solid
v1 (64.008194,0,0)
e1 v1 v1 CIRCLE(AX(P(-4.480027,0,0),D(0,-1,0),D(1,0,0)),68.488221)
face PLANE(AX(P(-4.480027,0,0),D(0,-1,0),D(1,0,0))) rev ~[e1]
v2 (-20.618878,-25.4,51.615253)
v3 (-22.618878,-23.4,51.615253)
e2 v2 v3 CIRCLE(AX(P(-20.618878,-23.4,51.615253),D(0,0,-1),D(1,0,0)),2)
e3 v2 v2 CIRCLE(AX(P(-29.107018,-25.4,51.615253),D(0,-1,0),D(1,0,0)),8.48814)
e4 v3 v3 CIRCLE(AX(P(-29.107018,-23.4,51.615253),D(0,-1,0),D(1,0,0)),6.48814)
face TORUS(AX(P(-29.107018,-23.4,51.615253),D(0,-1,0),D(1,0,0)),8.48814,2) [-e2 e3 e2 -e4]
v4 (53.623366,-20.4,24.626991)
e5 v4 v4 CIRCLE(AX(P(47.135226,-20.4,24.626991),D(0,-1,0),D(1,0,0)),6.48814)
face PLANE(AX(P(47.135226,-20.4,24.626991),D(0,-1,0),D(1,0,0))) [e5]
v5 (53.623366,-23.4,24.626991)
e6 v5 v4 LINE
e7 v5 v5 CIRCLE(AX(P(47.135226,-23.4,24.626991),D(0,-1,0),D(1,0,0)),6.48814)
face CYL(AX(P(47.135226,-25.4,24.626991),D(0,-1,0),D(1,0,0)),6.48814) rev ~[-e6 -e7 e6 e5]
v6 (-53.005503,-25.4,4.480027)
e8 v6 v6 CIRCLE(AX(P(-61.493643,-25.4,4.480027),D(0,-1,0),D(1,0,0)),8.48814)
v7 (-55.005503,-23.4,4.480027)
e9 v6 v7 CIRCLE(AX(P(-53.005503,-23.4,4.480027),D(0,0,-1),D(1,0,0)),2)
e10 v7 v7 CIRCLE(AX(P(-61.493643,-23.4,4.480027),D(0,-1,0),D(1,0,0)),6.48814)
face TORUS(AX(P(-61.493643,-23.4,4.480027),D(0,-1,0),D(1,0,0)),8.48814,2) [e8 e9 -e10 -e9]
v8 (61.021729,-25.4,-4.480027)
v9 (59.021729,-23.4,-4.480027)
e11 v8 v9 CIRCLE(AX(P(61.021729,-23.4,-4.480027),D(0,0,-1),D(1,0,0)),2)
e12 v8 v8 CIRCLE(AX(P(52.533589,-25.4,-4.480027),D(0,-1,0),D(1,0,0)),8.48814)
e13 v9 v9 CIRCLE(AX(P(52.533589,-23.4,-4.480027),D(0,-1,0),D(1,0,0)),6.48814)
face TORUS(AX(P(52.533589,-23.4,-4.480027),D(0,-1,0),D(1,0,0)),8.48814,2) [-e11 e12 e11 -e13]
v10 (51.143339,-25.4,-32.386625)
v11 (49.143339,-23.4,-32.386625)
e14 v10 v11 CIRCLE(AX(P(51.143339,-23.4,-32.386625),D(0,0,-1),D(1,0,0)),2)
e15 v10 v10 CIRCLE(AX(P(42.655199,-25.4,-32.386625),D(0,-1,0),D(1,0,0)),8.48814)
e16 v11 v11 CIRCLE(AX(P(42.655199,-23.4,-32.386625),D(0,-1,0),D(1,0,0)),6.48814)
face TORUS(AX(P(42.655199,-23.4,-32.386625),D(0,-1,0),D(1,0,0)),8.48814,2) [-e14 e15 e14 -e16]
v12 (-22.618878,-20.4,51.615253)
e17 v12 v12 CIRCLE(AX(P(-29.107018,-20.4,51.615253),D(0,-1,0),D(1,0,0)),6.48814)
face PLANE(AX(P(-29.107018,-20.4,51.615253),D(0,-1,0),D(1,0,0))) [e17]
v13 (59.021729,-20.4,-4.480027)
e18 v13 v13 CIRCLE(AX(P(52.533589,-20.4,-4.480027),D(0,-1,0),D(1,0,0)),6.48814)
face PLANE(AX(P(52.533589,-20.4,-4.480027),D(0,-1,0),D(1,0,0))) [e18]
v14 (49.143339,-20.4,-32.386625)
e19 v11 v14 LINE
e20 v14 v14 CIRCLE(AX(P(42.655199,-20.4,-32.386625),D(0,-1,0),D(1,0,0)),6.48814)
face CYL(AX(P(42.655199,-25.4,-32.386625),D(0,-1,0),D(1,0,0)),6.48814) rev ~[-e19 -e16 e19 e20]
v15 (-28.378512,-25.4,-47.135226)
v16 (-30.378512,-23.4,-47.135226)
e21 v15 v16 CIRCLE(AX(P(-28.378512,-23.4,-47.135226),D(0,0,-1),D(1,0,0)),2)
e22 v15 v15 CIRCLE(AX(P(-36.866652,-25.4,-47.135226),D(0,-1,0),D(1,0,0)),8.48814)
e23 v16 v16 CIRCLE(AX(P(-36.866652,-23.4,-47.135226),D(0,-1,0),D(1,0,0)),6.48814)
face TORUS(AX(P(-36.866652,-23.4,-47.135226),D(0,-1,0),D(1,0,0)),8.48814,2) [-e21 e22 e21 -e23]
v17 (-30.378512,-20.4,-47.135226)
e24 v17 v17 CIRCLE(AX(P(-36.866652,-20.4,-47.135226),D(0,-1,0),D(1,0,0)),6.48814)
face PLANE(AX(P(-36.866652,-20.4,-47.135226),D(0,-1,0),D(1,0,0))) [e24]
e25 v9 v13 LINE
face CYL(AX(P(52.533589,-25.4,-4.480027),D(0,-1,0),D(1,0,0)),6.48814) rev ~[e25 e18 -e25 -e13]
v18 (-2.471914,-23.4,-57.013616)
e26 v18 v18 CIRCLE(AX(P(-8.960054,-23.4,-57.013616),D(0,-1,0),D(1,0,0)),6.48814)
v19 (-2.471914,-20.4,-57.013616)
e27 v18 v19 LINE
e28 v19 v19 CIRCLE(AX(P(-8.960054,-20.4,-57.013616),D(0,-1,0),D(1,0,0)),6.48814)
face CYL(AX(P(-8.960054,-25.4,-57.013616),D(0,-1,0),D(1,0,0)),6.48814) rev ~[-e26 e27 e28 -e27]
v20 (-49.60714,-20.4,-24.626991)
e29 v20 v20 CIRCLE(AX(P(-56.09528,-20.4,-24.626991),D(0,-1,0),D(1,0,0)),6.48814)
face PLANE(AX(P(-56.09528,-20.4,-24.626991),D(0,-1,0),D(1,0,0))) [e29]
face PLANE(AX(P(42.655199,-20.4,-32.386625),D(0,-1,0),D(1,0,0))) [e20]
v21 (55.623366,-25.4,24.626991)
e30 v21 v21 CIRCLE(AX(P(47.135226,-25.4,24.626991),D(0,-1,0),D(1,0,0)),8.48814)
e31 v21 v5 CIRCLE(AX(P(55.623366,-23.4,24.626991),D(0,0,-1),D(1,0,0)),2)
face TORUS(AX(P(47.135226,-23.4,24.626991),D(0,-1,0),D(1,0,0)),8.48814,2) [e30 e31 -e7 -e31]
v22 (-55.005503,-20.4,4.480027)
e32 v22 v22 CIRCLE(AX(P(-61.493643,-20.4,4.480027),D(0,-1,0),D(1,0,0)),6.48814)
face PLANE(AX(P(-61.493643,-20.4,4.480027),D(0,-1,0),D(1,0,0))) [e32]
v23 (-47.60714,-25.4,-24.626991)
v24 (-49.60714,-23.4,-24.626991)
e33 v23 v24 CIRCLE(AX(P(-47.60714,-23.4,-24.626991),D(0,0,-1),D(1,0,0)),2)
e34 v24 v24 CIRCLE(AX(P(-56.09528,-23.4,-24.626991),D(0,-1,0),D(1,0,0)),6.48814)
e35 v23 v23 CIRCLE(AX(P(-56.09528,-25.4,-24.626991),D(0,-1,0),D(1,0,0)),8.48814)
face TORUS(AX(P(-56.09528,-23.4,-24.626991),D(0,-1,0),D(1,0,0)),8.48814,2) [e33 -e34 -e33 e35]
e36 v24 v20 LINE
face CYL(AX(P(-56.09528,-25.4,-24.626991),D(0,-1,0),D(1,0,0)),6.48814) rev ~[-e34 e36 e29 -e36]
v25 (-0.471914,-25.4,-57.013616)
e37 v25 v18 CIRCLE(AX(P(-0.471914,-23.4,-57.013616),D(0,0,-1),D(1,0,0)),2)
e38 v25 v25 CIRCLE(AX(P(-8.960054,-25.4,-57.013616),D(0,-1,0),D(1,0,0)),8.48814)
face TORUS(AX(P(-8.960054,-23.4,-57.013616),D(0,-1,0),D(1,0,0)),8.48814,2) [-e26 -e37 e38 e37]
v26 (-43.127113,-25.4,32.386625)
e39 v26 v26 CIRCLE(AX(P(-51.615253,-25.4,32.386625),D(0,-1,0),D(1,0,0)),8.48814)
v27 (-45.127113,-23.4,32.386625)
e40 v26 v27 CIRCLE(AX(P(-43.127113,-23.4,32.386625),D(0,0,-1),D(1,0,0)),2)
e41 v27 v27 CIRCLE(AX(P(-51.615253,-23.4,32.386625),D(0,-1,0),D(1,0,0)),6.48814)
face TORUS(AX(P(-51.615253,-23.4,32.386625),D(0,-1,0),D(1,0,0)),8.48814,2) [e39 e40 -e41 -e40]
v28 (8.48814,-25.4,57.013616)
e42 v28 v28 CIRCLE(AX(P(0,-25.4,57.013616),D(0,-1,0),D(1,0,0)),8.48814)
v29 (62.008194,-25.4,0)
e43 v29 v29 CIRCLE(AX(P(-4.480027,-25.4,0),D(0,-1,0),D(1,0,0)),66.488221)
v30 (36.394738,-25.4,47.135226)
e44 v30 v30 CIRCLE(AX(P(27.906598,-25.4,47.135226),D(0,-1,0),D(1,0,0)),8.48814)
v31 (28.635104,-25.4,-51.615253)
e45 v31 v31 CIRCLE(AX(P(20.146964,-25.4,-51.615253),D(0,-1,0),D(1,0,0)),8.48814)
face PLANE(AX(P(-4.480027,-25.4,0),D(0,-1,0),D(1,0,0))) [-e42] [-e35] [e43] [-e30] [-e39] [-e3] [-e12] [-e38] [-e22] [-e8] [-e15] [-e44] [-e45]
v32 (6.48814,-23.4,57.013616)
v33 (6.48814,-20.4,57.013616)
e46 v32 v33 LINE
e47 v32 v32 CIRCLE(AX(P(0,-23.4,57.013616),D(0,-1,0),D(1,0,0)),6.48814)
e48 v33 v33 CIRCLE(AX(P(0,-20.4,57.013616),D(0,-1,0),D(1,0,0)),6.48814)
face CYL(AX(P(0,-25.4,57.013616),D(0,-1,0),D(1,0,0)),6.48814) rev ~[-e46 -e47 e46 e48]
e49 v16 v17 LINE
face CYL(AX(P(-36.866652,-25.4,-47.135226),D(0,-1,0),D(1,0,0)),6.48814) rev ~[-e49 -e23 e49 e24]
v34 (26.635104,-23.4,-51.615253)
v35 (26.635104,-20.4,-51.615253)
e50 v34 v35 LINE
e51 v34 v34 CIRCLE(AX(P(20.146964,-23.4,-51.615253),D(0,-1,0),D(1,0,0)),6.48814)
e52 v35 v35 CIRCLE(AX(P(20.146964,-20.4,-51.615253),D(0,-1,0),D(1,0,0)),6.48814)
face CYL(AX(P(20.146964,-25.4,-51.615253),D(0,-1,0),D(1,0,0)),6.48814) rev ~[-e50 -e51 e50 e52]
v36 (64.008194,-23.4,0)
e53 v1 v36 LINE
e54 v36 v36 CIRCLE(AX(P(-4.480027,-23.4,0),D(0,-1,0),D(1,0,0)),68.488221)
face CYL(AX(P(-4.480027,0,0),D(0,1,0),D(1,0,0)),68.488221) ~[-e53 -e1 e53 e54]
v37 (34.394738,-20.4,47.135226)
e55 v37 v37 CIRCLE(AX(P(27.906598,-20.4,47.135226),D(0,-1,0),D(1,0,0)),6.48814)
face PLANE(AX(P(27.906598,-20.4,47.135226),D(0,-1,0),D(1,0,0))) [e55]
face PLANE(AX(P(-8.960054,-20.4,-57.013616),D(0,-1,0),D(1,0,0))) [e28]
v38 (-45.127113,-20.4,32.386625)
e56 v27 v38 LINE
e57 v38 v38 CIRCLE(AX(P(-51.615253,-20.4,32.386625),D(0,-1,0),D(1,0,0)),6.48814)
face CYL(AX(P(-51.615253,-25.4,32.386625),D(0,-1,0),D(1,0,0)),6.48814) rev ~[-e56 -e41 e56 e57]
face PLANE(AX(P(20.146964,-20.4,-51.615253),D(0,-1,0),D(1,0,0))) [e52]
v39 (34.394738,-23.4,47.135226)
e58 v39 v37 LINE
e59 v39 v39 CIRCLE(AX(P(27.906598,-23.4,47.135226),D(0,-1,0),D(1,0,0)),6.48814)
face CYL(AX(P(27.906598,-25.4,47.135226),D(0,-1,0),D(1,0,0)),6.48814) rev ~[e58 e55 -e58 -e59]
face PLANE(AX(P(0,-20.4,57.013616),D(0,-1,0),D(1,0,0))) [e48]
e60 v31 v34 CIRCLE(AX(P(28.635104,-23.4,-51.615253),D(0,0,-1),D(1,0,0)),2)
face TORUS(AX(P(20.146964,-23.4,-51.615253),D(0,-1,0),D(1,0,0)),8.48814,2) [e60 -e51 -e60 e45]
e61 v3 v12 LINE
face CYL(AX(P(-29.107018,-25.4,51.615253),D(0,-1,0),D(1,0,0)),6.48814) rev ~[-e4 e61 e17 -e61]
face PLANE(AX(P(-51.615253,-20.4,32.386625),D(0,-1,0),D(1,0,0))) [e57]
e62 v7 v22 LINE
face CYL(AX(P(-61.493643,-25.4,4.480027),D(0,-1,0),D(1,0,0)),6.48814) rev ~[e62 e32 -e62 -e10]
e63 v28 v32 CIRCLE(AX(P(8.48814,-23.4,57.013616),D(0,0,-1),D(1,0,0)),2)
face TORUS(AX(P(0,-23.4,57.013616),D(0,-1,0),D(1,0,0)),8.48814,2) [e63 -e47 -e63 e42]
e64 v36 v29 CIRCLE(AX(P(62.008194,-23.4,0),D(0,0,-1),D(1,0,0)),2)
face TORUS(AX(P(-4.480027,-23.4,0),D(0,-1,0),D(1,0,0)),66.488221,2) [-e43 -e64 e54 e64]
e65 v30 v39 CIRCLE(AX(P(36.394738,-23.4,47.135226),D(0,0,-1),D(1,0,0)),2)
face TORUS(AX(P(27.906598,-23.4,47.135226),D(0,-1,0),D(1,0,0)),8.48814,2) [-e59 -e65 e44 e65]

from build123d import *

# Parameters (mm, degrees)
F0_R     = 68.488221
F1_DEPTH = 25.4
F2_R     = 6.48814
F3_DEPTH = 5
F4_R     = 2


with BuildPart() as f1:
    # F0 (on Front) → F1 (new body)
    with BuildSketch(Plane.XZ):
        with Locations((-4.480027, 0)):
            Circle(F0_R)
    extrude(amount=F1_DEPTH)

    # F2 (on face) → F3 (cut)
    with BuildSketch(Plane.XZ.offset(25.4)):
        with Locations((0, 57.013616)):
            Circle(F2_R)
        with Locations((-29.107018, 51.615253)):
            Circle(F2_R)
        with Locations((-51.615253, 32.386625)):
            Circle(F2_R)
        with Locations((-61.493643, 4.480027)):
            Circle(F2_R)
        with Locations((-56.09528, -24.626991)):
            Circle(F2_R)
        with Locations((-36.866652, -47.135226)):
            Circle(F2_R)
        with Locations((-8.960054, -57.013616)):
            Circle(F2_R)
        with Locations((20.146964, -51.615253)):
            Circle(F2_R)
        with Locations((42.655199, -32.386625)):
            Circle(F2_R)
        with Locations((52.533589, -4.480027)):
            Circle(F2_R)
        with Locations((47.135226, 24.626991)):
            Circle(F2_R)
        with Locations((27.906598, 47.135226)):
            Circle(F2_R)
    extrude(amount=-F3_DEPTH, mode=Mode.SUBTRACT)

    # F4
    f4_edges = [f1.edges().sort_by_distance(p)[0] for p in [
        (-72.968248, -25.4, 0),
        (-43.354793, -25.4, -47.135226),
        (-15.448195, -25.4, -57.013616),
        (-62.583421, -25.4, -24.626991),
        (13.658823, -25.4, -51.615253),
        (36.167059, -25.4, -32.386625),
        (46.045449, -25.4, -4.480027),
        (-67.981783, -25.4, 4.480027),
        (-58.103394, -25.4, 32.386625),
        (-35.595158, -25.4, 51.615253),
        (40.647086, -25.4, 24.626991),
        (-6.48814, -25.4, 57.013616),
        (21.418458, -25.4, 47.135226),
    ]]
    fillet(f4_edges, radius=F4_R)


solid = f1.part
